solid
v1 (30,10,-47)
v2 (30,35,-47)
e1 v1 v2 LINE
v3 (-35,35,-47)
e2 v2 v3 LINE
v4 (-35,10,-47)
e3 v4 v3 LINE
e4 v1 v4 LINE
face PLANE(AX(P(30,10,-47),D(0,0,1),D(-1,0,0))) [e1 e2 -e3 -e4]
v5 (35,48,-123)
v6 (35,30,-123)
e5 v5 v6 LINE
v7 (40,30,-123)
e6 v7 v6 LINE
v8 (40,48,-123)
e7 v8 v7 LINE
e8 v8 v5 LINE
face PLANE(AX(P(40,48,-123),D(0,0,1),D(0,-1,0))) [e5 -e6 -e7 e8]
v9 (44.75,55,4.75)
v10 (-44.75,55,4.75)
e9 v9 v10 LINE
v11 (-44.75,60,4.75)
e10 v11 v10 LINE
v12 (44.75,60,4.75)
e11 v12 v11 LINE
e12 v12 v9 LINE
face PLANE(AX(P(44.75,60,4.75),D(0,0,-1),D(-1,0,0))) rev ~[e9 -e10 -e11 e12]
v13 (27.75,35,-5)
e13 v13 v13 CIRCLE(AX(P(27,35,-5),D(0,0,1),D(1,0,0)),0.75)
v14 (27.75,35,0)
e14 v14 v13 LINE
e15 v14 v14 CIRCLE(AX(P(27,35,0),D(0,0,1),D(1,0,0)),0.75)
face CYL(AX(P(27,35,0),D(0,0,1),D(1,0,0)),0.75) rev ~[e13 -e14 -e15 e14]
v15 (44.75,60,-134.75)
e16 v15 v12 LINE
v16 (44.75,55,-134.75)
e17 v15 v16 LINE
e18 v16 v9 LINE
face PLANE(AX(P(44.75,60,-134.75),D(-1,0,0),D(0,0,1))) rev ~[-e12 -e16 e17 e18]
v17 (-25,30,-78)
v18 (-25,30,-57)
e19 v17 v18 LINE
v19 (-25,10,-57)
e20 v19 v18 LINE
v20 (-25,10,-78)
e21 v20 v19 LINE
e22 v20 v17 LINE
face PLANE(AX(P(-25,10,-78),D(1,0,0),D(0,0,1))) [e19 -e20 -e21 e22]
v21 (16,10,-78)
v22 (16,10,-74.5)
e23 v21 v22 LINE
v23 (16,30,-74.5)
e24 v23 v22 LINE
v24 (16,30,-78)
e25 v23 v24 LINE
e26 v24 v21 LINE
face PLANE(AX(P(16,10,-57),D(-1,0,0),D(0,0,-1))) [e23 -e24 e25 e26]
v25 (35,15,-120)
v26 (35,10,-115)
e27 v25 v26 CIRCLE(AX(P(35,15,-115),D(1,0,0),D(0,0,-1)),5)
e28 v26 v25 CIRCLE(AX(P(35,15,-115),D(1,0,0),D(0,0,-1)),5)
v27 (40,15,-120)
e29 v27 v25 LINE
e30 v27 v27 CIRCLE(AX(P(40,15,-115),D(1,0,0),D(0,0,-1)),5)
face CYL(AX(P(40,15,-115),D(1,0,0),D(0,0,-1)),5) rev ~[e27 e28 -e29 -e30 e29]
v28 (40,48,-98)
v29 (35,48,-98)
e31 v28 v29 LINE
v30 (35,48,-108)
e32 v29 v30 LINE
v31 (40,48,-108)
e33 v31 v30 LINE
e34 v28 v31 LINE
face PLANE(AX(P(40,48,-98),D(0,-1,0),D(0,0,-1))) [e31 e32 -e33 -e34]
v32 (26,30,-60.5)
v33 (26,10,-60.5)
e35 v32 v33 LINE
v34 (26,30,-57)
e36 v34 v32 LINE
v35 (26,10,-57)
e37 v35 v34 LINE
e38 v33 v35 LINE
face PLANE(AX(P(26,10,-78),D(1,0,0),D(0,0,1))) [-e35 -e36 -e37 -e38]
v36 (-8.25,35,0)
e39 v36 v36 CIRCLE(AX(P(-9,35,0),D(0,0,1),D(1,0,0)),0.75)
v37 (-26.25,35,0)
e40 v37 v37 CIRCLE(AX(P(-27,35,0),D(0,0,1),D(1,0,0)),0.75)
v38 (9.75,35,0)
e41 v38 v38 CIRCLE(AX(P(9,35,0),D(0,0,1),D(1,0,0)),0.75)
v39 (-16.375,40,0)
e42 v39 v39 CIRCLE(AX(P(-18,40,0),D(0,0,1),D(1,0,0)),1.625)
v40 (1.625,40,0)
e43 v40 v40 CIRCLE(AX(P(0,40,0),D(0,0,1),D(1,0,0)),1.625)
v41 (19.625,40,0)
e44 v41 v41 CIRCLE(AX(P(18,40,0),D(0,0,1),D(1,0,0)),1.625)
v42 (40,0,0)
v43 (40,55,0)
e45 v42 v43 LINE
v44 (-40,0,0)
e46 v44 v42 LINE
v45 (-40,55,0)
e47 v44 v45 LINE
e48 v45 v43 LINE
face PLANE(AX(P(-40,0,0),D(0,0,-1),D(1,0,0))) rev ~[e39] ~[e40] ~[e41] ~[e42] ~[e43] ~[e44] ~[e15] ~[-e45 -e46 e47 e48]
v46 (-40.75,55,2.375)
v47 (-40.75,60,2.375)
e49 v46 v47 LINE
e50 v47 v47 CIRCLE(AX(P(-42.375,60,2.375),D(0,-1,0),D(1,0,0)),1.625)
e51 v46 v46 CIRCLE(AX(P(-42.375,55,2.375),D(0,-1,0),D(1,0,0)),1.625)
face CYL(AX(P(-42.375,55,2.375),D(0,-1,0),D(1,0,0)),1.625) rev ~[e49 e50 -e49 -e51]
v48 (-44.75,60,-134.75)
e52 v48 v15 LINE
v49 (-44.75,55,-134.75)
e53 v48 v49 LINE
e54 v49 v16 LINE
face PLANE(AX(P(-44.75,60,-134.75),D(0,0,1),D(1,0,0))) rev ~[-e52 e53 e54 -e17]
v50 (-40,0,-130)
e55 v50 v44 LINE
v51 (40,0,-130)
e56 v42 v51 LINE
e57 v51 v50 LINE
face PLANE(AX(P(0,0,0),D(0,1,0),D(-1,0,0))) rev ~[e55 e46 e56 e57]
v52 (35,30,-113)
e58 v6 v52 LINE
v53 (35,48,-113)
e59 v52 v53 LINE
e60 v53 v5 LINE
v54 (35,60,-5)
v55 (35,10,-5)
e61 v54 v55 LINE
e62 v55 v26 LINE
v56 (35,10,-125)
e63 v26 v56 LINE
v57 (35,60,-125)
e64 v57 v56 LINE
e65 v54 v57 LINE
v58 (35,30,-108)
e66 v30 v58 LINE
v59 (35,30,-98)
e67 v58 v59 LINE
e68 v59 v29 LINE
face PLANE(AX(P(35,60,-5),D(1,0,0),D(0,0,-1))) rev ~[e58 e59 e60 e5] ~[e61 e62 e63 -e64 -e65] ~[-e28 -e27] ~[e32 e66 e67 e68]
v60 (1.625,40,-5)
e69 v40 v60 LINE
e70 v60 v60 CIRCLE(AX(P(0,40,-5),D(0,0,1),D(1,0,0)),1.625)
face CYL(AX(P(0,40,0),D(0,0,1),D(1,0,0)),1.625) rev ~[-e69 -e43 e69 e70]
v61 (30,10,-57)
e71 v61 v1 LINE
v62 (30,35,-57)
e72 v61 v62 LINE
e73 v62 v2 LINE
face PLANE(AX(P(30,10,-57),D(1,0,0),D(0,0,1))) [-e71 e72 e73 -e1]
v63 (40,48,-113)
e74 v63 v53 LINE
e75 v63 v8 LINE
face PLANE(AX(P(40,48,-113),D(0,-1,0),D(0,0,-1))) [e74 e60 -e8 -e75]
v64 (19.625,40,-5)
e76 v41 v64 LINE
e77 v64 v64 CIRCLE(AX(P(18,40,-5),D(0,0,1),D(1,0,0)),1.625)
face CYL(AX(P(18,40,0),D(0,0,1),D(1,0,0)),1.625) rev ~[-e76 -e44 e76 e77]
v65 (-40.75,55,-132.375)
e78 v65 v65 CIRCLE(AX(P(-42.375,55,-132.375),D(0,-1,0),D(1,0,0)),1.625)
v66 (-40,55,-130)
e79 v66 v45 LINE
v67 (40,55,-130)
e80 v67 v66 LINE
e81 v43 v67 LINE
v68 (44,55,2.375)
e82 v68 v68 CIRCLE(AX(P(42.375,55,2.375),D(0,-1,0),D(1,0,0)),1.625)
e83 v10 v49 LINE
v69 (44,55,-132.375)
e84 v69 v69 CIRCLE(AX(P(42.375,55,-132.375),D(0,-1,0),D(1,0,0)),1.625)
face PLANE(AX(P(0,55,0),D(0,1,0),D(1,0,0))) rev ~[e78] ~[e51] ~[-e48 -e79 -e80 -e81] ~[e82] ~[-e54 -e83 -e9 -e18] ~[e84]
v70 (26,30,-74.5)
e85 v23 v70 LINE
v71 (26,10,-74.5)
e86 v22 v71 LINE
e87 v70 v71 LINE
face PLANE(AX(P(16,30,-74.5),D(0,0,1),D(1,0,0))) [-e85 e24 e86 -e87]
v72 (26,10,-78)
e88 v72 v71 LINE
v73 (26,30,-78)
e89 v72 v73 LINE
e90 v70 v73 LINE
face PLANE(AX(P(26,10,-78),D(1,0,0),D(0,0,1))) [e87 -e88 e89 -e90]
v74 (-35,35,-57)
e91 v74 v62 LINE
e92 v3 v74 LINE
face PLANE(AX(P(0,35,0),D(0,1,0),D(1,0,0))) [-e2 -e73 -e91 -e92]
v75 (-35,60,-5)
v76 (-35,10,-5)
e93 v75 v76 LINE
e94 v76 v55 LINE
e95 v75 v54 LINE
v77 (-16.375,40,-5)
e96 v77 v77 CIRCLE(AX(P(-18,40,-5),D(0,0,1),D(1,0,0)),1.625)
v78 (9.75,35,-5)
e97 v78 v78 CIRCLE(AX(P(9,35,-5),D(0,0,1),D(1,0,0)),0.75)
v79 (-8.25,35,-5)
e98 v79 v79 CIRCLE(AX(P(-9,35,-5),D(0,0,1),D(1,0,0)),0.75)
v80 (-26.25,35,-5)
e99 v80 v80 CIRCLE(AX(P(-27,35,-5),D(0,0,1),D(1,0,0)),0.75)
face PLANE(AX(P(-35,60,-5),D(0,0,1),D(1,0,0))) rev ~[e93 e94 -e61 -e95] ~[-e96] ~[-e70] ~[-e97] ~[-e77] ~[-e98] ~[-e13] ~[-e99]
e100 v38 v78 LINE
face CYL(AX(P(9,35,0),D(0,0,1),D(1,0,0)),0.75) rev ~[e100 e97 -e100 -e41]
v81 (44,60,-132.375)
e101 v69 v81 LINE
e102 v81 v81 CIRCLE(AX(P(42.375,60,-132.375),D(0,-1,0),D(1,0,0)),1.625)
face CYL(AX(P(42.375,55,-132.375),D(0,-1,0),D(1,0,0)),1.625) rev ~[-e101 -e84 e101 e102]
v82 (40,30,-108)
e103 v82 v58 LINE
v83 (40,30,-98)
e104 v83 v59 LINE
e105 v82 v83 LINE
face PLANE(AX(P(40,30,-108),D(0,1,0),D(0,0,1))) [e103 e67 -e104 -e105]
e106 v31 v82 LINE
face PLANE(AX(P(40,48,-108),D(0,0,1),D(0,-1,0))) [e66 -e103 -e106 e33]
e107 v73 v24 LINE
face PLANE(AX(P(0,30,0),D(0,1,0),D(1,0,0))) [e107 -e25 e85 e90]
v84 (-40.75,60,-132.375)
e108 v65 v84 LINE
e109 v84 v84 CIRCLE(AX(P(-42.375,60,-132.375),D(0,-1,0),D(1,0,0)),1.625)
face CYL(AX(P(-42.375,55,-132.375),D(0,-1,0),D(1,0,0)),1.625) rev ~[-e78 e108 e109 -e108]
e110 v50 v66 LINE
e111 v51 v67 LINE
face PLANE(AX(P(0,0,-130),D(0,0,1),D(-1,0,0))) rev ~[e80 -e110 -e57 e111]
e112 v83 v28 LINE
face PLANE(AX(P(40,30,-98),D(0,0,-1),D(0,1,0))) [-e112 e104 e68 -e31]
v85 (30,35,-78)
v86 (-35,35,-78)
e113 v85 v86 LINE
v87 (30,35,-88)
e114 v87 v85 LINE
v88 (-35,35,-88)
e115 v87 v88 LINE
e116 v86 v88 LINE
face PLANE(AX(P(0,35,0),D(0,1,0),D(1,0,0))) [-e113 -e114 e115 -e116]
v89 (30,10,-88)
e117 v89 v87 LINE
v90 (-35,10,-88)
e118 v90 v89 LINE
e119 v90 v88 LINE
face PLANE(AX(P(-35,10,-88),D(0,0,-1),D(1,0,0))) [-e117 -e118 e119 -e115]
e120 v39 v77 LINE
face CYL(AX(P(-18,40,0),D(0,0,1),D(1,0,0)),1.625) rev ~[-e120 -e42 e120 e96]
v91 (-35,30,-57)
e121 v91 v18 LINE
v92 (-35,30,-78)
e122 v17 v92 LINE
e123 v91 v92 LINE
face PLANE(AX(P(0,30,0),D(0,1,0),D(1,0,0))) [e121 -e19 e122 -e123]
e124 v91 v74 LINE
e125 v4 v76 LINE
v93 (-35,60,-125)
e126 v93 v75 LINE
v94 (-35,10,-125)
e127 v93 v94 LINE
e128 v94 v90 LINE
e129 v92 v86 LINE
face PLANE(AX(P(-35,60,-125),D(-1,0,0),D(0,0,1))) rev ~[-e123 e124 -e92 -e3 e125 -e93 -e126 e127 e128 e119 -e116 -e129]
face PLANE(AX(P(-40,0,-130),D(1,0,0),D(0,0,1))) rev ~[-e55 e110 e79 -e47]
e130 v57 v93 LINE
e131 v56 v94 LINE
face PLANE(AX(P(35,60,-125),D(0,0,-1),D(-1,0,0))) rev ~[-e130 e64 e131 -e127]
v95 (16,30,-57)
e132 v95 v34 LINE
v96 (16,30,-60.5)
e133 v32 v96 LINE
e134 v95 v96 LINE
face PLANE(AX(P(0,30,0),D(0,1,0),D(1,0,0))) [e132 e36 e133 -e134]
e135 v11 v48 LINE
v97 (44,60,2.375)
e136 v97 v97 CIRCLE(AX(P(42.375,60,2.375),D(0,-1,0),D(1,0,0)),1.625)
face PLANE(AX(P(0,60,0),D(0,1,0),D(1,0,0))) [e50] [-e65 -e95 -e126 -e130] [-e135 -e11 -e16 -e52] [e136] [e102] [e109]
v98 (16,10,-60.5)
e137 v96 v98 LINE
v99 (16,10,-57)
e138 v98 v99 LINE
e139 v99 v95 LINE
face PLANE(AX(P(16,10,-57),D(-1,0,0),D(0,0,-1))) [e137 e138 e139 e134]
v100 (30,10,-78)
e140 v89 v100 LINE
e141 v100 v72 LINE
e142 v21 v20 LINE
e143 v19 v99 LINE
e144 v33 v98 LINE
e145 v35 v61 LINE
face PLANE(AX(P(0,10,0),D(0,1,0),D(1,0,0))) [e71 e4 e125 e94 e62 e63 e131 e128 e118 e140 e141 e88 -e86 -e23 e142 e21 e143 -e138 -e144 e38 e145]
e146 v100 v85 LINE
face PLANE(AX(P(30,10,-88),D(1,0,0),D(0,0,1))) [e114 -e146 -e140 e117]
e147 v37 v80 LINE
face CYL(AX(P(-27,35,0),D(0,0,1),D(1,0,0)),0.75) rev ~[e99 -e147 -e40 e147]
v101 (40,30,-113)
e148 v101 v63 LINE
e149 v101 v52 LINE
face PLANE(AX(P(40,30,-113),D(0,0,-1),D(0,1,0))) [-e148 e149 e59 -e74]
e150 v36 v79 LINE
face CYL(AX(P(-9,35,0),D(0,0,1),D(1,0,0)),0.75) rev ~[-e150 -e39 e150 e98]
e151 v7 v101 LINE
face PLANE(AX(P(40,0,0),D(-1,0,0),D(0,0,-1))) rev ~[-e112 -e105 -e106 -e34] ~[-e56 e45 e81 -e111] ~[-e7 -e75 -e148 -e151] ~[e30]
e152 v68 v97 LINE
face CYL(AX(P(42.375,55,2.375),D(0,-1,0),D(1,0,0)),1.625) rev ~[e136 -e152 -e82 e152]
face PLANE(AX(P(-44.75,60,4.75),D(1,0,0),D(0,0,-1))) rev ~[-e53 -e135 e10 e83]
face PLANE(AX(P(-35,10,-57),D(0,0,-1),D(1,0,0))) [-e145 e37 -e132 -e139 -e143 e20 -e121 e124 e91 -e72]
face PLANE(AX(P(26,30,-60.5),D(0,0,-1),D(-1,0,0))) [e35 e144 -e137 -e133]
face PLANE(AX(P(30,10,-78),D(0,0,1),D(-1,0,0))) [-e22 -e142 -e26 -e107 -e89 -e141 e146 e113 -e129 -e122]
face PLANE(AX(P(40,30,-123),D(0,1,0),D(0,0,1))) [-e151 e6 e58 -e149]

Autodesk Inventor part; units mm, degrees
ref_plane "YZ Plane" through (0, 0, 0) normal (1, 0, 0) x (0, 1, 0)
ref_plane "XZ Plane" through (0, 0, 0) normal (0, 1, 0) x (-1, 0, 0)
ref_plane "XY Plane" through (0, 0, 0) normal (0, 0, 1) x (1, 0, 0)
sketch "Sketch1" plane through (0, 0, 0) normal (0, 1, 0) x (-1, 0, 0)
  line L0 (56, 0) -> (-56, 0) projected
  line L1 (0, -156) -> (0, 26) projected
  line L2 (40, 0) -> (-40, 0)
  line L3 (-40, 0) -> (-40, -130)
  line L4 (-40, -130) -> (40, -130)
  line L5 (40, -130) -> (40, 0)
  point P0 (0, 0)
  point P1 (0, 0)
  dimension "d0" = 80
  dimension "d1" = 130
  dimension "d2" = 40
extrude "Extrusion1" add sketch "Sketch1" along normal blind 60
sketch "Sketch2" plane through (0, 60, 0) normal (0, 1, 0) x (1, 0, 0)
  line L0 (-35, 5) -> (35, 5)
  line L1 (35, 5) -> (35, 125)
  line L2 (35, 125) -> (-35, 125)
  line L3 (-35, 125) -> (-35, 5)
  line L4 (-40, 130) -> (-40, 0) projected
  line L5 (-40, 0) -> (40, 0) projected
  point P0 (0, 0)
  dimension "d5" = 70
  dimension "d6" = 120
  dimension "d7" = 5
  dimension "d8" = 5
extrude "Extrusion2" cut sketch "Sketch2" against normal blind 50
sketch "Sketch3" plane through (40, 0, 0) normal (1, 0, 0) x (0, 0, -1)
  line L0 (113, 48) -> (123, 48)
  line L1 (123, 48) -> (123, 30)
  line L2 (123, 30) -> (113, 30)
  line L3 (113, 30) -> (113, 48)
  line L4 (130, 0) -> (130, 60) projected
  line L5 (0, 60) -> (130, 60) projected
  line L6 (98, 48) -> (108, 48)
  line L7 (108, 48) -> (108, 30)
  line L8 (108, 30) -> (98, 30)
  line L9 (98, 30) -> (98, 48)
  point P0 (0, 0)
  dimension "d11" = 10
  dimension "d12" = 18
  dimension "d13" = 7
  dimension "d14" = 12
  dimension "d15" = 10
  dimension "d16" = 18
  dimension "d17" = 5
extrude "Extrusion3" cut sketch "Sketch3" against normal blind 5
sketch "Sketch4" plane through (40, 0, 0) normal (1, 0, 0) x (0, 0, -1)
  circle A0 centre (115, 15) radius 5
  line L0 (0, 0) -> (130, 0) projected
  line L1 (130, 0) -> (130, 60) projected
  dimension "d20" = 10
  dimension "d21" = 15
  dimension "d22" = 15
extrude "Extrusion4" cut sketch "Sketch4" against normal blind 5
sketch "Sketch6" plane through (0, 10, 0) normal (0, 1, 0) x (1, 0, 0)
  line L0 (-35, 125) -> (35, 125) projected
  line L1 (-35, 5) -> (-35, 125) projected
  line L2 (35, 5) -> (-35, 5) projected
  line L3 (35, 115) -> (35, 5) projected
  line L4 (35, 125) -> (35, 115) projected
  line L5 (-35, 88) -> (30, 88)
  line L6 (30, 88) -> (30, 78)
  line L7 (30, 78) -> (-35, 78)
  line L8 (-35, 78) -> (-35, 88)
  line L9 (25, 125) -> (25, 88) projected
  line L10 (25, 88) -> (30, 88) projected
  line L11 (30, 88) -> (30, 125) projected
  point P0 (0, 0)
  dimension "d30" = 65
  dimension "d31" = 10
extrude "Extrusion6" add sketch "Sketch6" along normal blind 25 contours L5 L6 L7 L1
sketch "Sketch7" plane through (0, 10, 0) normal (0, 1, 0) x (1, 0, 0)
  line L0 (30, 78) -> (-35, 78) projected
  line L1 (-35, 5) -> (-35, 78) projected
  line L2 (35, 5) -> (-35, 5) projected
  line L3 (35, 115) -> (35, 5) projected
  line L4 (35, 125) -> (35, 115) projected
  line L5 (-35, 125) -> (35, 125) projected
  line L6 (30, 88) -> (30, 78) projected
  line L7 (-35, 57) -> (30, 57)
  line L8 (30, 57) -> (30, 47)
  line L9 (30, 47) -> (-35, 47)
  line L10 (-35, 47) -> (-35, 57)
  line L11 (30, 88) -> (30, 125) projected
  line L12 (-35, 88) -> (30, 88) projected
  line L13 (-35, 88) -> (-35, 125) projected
  point P0 (0, 0)
  dimension "d34" = 65
  dimension "d35" = 10
  dimension "d36" = 21
extrude "Extrusion7" add sketch "Sketch7" along normal blind 25 contours L7 L8 L9 L1
sketch "Sketch8" plane through (0, 10, 0) normal (0, 1, 0) x (1, 0, 0)
  line L0 (-35, 57) -> (30, 57) projected
  line L1 (30, 57) -> (30, 47) projected
  line L2 (30, 47) -> (-35, 47) projected
  line L3 (-35, 5) -> (-35, 47) projected
  line L4 (35, 5) -> (-35, 5) projected
  line L5 (35, 115) -> (35, 5) projected
  line L6 (35, 125) -> (35, 115) projected
  line L7 (-35, 125) -> (35, 125) projected
  line L8 (30, 88) -> (30, 78) projected
  line L9 (30, 78) -> (-35, 78) projected
  line L10 (-35, 57) -> (-35, 78) projected
  line L11 (-35, 78) -> (-25, 78)
  line L12 (-25, 78) -> (-25, 57)
  line L13 (-25, 57) -> (-35, 57)
  line L14 (-35, 57) -> (-35, 78)
  line L15 (16, 58) -> (16, 79)
  line L16 (16, 79) -> (26, 79)
  line L17 (26, 79) -> (26, 57)
  line L18 (26, 57) -> (16, 57)
  line L19 (16, 57) -> (16, 79)
  line L20 (30, 57) -> (-35, 57) projected
  line L21 (-35, 88) -> (-35, 125) projected
  line L22 (-35, 88) -> (30, 88) projected
  point P0 (0, 0)
  dimension "d39" = 10
  dimension "d40" = 10
  dimension "d41" = 41
extrude "Extrusion8" add sketch "Sketch8" along normal blind 20 contours L10 L9 L12 L0 | L19 L15 L9 L17 L0 | L15 L16 L17 L9
sketch "Sketch10" plane through (-40, 0, 0) normal (0, 0, 1) x (1, 0, 0)
  circle A0 centre (22, 40) radius 1.625
  circle A1 centre (40, 40) radius 1.625
  circle A2 centre (58, 40) radius 1.625
  line L0 (0, 0) -> (0, 60) projected
  line L1 (0, 0) -> (80, 0) projected
  line L2 (80, 0) -> (80, 60) projected
  line L3 (0, 60) -> (80, 60) projected
  line L4 (0, 0) -> (0, 60) projected
  point P0 (40, 0)
  dimension "d49" = 3.25
  dimension "d51" = 3.25
  dimension "d53" = 3.25
  dimension "d55" = 18
  dimension "d56" = 18
  dimension "d59" = 22
  dimension "d60" = 22
  dimension "d61" = 20
extrude "Extrusion10" cut sketch "Sketch10" against normal blind 10 contours A0 | A1 | A2
sketch "Sketch11" plane through (-40, 0, 0) normal (0, 0, 1) x (1, 0, 0)
  circle A0 centre (13, 35) radius 0.75
  circle A1 centre (31, 35) radius 0.75
  circle A2 centre (49, 35) radius 0.75
  circle A3 centre (67, 35) radius 0.75
  circle A4 centre (40, 40) radius 1.625 projected
  circle A5 centre (22, 40) radius 1.625 projected
  circle A6 centre (58, 40) radius 1.625 projected
  line L0 (0, 0) -> (80, 0) projected
  line L1 (80, 0) -> (80, 60) projected
  line L2 (0, 60) -> (80, 60) projected
  line L3 (0, 0) -> (0, 60) projected
  dimension "d64" = 1.5
  dimension "d65" = 1.5
  dimension "d66" = 1.5
  dimension "d67" = 1.5
  dimension "d71" = 18
  dimension "d73" = 18
  dimension "d75" = 18
  dimension "d76" = 13
  dimension "d77" = 13
  dimension "d78" = 5
  dimension "d79" = 5
extrude "Extrusion11" cut sketch "Sketch11" against normal blind 10 contours A0 | A1 | A2 | A3
sketch "Sketch12" plane through (0, 60, 0) normal (0, 1, 0) x (1, 0, 0)
  line L0 (-44.75, 134.75) -> (44.75, 134.75)
  line L1 (44.75, 134.75) -> (44.75, -4.75)
  line L2 (44.75, -4.75) -> (-44.75, -4.75)
  line L3 (-44.75, -4.75) -> (-44.75, 134.75)
  line L4 (35, 125) -> (35, 5) projected
  line L5 (35, 5) -> (-35, 5) projected
  line L6 (-35, 5) -> (-35, 125) projected
  line L7 (-35, 125) -> (35, 125) projected
  line L8 (-40, 0) -> (40, 0) projected
  line L9 (40, 0) -> (40, 130) projected
  line L10 (40, 130) -> (-40, 130) projected
  line L11 (-40, 130) -> (-40, 0) projected
  line L12 (-40, 130) -> (-40, 0) projected
  line L13 (-40, 130) -> (40, 130)
  line L14 (40, 130) -> (40, 0)
  line L15 (40, 0) -> (-40, 0)
  line L16 (-40, 0) -> (-40, 130)
  point P0 (0, 0)
  dimension "d82" = 4.75
  dimension "d83" = 4.75
  dimension "d84" = 4.75
  dimension "d85" = 4.75
extrude "Extrusion12" add sketch "Sketch12" against normal blind 5 contours L0 L1 L2 L3
sketch "Sketch15" plane through (0, 55, 0) normal (0, -1, 0) x (1, 0, 0)
  line L0 (40, 0) -> (-40, 0) projected
  line L1 (40, -130) -> (40, 0) projected
  line L2 (-40, -130) -> (40, -130) projected
  line L3 (-40, 0) -> (-40, -130) projected
  line L4 (-44.75, -134.75) -> (44.75, -134.75) projected
  line L5 (44.75, -134.75) -> (44.75, 4.75) projected
  line L6 (44.75, 4.75) -> (-44.75, 4.75) projected
  line L7 (-44.75, 4.75) -> (-44.75, -134.75) projected
  line L8 (-40, 0) -> (40, 0) projected
  line L9 (-40, -130) -> (-40, 0) projected
  line L10 (40, -130) -> (-40, -130) projected
  line L11 (40, 0) -> (40, -130) projected
  circle A0 centre (-42.375, 2.375) radius 1.625
  circle A1 centre (42.375, 2.375) radius 1.625
  circle A2 centre (42.375, -132.375) radius 1.625
  circle A3 centre (-42.375, -132.375) radius 1.625
  point P0 (0, 0)
  dimension "d91" = 3.25
  dimension "d92" = 2.375
  dimension "d93" = 2.375
  dimension "d94" = 3.25
  dimension "d95" = 2.375
  dimension "d96" = 2.375
  dimension "d97" = 3.25
  dimension "d98" = 2.375
  dimension "d99" = 2.375
  dimension "d100" = 3.25
  dimension "d101" = 2.375
  dimension "d102" = 2.375
extrude "Extrusion13" cut sketch "Sketch15" against normal blind 5 contours A0 | A1 | A2 | A3
sketch "Sketch16" plane through (0, 30, 0) normal (0, 1, 0) x (1, 0, 0)
  line L0 (16, 78) -> (26, 78) projected
  line L1 (16, 78) -> (16, 57) projected
  line L2 (26, 57) -> (16, 57) projected
  line L3 (26, 57) -> (26, 78) projected
  line L4 (16, 57) -> (16, 78) projected
  line L5 (26, 78) -> (26, 57) projected
  line L6 (16, 74.5) -> (26, 74.5)
  line L7 (26, 74.5) -> (26, 60.5)
  line L8 (26, 60.5) -> (16, 60.5)
  line L9 (16, 60.5) -> (16, 74.5)
  point P0 (0, 0)
  dimension "d105" = 3.5
  dimension "d106" = 3.5
extrude "Extrusion14" cut sketch "Sketch16" against normal blind 20 contours L6 L3 L8 L1
properties part number "mien_arm"
